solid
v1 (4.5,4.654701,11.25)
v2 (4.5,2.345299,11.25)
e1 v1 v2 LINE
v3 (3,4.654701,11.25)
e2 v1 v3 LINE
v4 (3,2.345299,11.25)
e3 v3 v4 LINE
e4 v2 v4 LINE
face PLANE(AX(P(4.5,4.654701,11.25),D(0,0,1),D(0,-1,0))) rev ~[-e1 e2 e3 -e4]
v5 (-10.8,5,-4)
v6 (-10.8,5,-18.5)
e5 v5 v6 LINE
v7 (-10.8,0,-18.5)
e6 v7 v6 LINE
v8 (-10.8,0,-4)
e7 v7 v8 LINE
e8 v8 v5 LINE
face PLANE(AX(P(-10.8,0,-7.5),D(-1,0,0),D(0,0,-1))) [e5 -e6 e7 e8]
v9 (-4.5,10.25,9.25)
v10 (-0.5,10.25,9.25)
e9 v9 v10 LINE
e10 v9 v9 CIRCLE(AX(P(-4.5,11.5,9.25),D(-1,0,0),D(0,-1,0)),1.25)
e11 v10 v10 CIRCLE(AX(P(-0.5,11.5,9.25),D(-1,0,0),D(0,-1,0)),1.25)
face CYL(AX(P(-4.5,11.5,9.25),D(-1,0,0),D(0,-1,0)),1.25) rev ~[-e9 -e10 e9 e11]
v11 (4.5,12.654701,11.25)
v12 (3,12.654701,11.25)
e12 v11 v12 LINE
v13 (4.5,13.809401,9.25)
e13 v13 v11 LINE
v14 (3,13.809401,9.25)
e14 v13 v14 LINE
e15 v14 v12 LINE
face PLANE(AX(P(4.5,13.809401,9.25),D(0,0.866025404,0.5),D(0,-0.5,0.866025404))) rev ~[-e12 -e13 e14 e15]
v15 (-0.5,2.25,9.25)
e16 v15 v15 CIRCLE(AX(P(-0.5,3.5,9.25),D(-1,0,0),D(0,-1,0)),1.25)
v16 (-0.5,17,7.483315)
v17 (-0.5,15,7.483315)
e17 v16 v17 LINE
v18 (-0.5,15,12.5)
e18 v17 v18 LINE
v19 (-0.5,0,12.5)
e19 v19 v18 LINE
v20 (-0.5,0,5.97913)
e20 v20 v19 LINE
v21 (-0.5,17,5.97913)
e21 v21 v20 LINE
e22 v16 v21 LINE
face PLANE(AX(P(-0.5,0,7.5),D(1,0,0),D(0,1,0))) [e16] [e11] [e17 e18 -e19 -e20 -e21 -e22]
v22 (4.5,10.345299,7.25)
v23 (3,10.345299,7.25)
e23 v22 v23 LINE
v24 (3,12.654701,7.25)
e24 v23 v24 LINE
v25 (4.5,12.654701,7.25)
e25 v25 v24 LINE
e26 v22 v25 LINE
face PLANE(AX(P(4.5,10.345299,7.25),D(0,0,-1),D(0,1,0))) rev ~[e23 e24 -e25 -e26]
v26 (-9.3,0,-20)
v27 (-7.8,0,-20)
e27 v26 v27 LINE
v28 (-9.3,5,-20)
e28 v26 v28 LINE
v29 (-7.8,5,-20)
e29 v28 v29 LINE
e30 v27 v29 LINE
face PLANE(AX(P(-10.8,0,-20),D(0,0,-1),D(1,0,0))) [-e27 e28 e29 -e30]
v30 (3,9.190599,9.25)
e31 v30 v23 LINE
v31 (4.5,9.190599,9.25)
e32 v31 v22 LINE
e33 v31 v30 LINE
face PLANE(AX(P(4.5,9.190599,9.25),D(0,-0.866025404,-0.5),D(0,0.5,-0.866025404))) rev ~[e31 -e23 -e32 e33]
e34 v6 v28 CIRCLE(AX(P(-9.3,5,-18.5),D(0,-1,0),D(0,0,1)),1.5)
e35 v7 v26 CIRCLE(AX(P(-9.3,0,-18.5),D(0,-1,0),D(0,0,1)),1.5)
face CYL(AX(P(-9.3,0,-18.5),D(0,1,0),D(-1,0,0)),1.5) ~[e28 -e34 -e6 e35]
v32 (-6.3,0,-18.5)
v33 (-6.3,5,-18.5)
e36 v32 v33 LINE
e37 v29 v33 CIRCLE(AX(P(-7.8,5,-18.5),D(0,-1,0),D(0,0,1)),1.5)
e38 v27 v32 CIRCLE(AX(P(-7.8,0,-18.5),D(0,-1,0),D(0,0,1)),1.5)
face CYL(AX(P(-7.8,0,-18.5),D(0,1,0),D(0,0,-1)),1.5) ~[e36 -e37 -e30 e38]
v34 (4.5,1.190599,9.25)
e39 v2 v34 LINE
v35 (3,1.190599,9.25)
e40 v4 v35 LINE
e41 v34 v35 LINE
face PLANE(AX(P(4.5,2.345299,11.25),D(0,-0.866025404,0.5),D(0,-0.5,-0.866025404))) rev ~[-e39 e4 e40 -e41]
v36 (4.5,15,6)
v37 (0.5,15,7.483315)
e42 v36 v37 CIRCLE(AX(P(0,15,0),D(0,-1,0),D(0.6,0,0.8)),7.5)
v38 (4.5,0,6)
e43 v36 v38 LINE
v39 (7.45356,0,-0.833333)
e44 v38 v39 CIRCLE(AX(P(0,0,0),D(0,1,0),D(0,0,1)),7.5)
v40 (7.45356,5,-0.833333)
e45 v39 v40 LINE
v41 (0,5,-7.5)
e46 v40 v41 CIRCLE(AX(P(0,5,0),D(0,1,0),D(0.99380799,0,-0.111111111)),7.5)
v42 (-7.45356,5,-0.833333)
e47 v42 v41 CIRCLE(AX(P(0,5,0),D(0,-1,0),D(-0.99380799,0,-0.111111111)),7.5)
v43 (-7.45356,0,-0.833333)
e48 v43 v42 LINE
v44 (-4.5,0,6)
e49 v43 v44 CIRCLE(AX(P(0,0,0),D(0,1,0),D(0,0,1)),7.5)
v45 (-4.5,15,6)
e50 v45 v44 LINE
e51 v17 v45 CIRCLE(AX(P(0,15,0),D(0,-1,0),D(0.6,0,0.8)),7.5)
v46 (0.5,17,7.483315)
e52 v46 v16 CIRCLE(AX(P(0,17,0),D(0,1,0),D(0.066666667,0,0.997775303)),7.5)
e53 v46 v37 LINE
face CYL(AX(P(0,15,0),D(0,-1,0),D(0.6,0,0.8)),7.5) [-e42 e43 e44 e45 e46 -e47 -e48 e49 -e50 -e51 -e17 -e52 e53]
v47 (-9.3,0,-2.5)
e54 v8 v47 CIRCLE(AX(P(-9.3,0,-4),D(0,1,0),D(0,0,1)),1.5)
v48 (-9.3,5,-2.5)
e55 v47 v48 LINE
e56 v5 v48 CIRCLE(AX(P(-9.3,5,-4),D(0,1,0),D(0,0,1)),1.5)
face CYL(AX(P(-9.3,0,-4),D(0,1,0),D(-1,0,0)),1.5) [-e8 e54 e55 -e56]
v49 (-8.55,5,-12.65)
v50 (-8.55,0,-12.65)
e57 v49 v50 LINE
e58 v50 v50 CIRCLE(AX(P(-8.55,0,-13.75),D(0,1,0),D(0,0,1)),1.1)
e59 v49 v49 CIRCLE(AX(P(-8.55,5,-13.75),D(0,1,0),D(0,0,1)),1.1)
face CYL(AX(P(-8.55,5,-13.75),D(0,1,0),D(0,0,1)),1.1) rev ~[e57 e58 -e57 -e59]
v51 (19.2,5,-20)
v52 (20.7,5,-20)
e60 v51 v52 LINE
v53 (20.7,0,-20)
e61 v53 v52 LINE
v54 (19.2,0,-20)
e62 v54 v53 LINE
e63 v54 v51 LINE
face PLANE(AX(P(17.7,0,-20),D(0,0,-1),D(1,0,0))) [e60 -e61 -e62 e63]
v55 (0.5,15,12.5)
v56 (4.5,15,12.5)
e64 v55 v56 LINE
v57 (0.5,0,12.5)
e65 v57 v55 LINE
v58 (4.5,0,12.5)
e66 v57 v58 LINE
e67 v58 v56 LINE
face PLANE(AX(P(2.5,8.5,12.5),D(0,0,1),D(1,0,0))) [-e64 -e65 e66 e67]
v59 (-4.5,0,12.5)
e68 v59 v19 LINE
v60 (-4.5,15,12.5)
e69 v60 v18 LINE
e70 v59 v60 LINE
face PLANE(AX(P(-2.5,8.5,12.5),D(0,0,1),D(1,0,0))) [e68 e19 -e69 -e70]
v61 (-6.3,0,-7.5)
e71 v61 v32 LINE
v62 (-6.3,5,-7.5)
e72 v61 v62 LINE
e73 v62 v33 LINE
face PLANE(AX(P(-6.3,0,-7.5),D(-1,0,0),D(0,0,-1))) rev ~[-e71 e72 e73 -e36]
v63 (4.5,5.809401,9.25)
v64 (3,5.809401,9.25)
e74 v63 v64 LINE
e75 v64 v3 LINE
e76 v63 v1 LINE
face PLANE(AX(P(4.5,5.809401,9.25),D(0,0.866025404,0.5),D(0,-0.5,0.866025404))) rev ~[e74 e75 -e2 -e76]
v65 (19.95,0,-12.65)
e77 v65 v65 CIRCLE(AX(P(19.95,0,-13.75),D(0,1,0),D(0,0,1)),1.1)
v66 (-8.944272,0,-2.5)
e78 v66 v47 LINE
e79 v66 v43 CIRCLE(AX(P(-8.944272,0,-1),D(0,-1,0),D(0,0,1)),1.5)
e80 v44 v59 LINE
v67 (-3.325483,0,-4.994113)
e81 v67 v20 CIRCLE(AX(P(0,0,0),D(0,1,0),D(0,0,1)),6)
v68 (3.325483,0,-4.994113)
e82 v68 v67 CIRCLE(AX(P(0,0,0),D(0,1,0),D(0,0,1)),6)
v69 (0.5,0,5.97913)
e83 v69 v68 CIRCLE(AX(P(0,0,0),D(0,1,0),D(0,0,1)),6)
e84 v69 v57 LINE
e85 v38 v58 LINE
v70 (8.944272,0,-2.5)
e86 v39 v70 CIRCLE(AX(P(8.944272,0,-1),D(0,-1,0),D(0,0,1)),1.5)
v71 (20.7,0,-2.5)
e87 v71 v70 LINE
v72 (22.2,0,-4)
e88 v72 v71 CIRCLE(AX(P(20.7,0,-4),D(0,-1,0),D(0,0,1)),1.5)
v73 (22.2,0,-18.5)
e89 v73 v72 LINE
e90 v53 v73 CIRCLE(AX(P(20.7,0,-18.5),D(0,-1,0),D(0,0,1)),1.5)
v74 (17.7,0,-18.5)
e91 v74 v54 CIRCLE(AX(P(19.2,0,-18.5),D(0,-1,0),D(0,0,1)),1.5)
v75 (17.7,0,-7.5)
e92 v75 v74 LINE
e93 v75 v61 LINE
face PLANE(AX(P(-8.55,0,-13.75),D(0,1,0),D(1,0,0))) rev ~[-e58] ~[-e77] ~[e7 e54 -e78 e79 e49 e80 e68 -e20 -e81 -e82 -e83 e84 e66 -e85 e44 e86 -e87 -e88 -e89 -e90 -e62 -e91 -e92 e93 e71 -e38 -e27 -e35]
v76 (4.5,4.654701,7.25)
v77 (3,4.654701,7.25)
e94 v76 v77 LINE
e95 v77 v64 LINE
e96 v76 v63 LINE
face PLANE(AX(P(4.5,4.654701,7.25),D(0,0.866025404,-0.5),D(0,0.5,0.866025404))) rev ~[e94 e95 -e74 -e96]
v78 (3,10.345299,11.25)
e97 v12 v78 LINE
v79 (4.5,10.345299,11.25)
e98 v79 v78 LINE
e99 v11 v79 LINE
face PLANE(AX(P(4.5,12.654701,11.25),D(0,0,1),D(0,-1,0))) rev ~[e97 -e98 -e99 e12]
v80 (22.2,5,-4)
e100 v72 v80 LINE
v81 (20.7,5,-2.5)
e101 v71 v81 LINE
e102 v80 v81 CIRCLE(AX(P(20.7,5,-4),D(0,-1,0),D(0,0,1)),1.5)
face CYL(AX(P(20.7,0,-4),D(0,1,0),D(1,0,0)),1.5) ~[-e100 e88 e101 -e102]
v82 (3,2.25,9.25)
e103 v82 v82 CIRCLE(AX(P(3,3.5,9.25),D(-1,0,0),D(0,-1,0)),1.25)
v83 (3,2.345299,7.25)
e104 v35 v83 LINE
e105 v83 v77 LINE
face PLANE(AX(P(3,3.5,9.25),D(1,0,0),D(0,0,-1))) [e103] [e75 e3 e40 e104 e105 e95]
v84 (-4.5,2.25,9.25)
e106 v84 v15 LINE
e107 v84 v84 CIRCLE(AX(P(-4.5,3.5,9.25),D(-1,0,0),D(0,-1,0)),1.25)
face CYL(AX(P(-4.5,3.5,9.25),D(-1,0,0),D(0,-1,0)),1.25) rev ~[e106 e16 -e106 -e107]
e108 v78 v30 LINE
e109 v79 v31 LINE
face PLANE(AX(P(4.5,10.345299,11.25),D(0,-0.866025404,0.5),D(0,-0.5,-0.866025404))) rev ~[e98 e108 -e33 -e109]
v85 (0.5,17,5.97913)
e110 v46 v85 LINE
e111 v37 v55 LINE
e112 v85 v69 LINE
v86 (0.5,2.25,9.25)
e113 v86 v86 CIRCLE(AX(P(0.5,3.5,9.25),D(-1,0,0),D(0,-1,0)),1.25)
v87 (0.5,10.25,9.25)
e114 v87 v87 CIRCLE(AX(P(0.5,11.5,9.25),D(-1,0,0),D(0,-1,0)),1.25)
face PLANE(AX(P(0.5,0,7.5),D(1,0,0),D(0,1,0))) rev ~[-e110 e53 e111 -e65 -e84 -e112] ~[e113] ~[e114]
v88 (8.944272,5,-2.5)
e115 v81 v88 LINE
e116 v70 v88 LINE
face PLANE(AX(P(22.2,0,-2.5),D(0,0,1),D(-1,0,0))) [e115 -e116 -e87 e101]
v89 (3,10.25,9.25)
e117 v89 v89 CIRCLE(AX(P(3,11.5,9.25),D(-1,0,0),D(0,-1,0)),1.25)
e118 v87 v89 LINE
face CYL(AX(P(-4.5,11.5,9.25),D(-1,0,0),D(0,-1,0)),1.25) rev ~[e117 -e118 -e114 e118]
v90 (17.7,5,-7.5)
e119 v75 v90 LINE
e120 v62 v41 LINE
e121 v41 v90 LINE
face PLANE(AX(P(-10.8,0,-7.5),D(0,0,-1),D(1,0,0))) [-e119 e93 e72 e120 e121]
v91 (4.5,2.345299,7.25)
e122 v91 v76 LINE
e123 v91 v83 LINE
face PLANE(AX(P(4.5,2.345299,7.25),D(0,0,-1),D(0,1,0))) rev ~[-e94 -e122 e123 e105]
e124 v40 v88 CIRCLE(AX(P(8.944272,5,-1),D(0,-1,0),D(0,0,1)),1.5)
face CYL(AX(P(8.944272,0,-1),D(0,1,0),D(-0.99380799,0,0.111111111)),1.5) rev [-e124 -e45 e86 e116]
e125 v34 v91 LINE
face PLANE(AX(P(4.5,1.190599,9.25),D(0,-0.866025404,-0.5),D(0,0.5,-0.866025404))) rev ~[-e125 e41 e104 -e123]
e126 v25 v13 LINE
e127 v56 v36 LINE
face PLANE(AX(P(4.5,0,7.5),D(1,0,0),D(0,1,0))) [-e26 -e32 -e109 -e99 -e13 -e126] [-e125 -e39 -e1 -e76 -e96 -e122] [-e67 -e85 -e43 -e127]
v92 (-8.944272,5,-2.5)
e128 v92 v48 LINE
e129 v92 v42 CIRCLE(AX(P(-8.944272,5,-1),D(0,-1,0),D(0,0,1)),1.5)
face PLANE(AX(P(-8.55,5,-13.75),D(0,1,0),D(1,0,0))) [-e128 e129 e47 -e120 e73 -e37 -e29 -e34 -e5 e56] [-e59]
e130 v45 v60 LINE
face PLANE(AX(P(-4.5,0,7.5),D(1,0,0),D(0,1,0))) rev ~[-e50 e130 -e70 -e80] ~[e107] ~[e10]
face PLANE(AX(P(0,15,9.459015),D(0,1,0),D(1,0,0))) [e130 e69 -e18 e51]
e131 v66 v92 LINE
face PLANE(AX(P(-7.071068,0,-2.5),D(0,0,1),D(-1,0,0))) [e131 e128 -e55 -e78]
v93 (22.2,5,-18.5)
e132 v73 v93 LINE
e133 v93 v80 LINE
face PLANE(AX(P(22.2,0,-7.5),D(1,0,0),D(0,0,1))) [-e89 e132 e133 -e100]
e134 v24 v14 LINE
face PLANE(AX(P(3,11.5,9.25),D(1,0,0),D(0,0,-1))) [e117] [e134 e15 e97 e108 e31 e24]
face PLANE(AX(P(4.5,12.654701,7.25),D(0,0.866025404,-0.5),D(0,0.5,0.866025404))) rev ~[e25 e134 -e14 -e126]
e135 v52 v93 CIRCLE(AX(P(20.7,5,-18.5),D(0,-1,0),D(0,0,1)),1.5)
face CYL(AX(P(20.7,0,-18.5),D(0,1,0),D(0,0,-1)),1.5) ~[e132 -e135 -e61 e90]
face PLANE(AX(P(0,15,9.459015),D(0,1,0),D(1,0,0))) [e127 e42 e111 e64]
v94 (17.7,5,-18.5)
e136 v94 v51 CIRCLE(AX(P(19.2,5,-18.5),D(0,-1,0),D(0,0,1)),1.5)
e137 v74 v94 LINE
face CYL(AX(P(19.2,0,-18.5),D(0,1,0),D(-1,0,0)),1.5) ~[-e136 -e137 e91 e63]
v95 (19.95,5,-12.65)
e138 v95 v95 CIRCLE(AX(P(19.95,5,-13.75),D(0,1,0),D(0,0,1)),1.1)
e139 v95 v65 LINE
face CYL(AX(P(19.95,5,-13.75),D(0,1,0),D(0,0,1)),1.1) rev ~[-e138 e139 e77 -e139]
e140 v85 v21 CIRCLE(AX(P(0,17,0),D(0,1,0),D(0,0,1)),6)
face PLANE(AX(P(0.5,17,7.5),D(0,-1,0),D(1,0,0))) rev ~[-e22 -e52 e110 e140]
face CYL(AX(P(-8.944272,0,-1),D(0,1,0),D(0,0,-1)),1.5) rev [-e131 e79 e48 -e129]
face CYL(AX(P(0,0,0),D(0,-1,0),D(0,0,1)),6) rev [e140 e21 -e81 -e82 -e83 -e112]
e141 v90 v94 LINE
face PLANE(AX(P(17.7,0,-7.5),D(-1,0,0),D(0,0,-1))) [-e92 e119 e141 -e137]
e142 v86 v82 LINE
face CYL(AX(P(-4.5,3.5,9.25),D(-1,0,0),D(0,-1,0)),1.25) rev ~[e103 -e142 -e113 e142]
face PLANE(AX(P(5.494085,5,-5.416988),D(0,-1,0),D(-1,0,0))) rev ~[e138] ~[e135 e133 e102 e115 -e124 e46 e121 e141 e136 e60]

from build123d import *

# Parameters (mm, degrees)
SKETCH_1_R                  = 7.5
SKETCH_1_R_2                = 6
EXTRUDE_1_DEPTH             = 17
CUT_EXTRUDE_1_REACH         = 25.88
CUT_EXTRUDE_1_END_RADIUS    = 6
SKETCH_2_W                  = 1
SKETCH_2_H                  = 17
SKETCH_3_W                  = 4
SKETCH_3_H                  = 17
EXTRUDE_2_DEPTH             = 5
EXTRUDE_2_DIRECTION_2_REACH = 25.88
CUT_EXTRUDE_START           = -2
CUT_EXTRUDE_4_DEPTH         = 2
CUT_EXTRUDE_2_REACH         = 26.274
SKETCH_4_R                  = 1.25
CUT_EXTRUDE_3_DEPTH         = 1.5
EXTRUDE_6_DEPTH             = 5
SKETCH_13_W                 = 4.5
SKETCH_13_H                 = 12.5
EXTRUDE_7_DEPTH             = 5
CUT_EXTRUDE_5_REACH         = 34.2
SKETCH_11_R                 = 1.1
FILLET_1_R                  = 1.5


with BuildPart() as part:
    # 草图1 → 凸台-拉伸1 (new body)
    with BuildSketch(Plane(origin=(0, 0, 0), x_dir=(1, 0, 0), z_dir=(0, 1, 0))):
        with Locations(Location((0, 0, 0), (0, 0, 270))):
            Circle(SKETCH_1_R)
        with Locations(Location((0, 0, 0), (0, 0, 270))):
            Circle(SKETCH_1_R_2, mode=Mode.SUBTRACT)
    extrude(amount=EXTRUDE_1_DEPTH)

    # 切除-拉伸1: up to this cylinder (the profile starts outside it)
    cut_extrude_1_end = Plane(origin=(0, 8.5, 0), z_dir=(0, -1, 0)) * Cylinder(CUT_EXTRUDE_1_END_RADIUS, 64.76, mode=Mode.PRIVATE)
    # 草图2 → 切除-拉伸1 (cut, up to the surface)
    with BuildSketch(Plane.XY.offset(7.5), mode=Mode.PRIVATE) as cut_extrude_1_sk1:
        with Locations((0, 8.5)):
            Rectangle(SKETCH_2_W, SKETCH_2_H)
    cut_extrude_1_tool1 = extrude(cut_extrude_1_sk1.sketch, amount=-CUT_EXTRUDE_1_REACH, mode=Mode.PRIVATE) - cut_extrude_1_end
    add(cut_extrude_1_tool1.solids().sort_by_distance((0, 8.5, 7.5))[0], mode=Mode.SUBTRACT)

    # 草图3 → 凸台-拉伸2 (add)
    with BuildSketch(Plane.XY.offset(7.5)):
        with Locations((-2.5, 8.5)):
            Rectangle(SKETCH_3_W, SKETCH_3_H)
        with Locations((2.5, 8.5)):
            Rectangle(SKETCH_3_W, SKETCH_3_H)
    extrude(amount=EXTRUDE_2_DEPTH)

    # 草图3 → 凸台-拉伸2 direction 2 (add, up to next)
    with BuildSketch(Plane.XY.offset(7.5), mode=Mode.PRIVATE) as extrude_2_direction_2_sk1:
        with Locations((-2.5, 8.5)):
            Rectangle(SKETCH_3_W, SKETCH_3_H)
    extrude_2_direction_2_tool1 = extrude(extrude_2_direction_2_sk1.sketch, amount=-EXTRUDE_2_DIRECTION_2_REACH, mode=Mode.PRIVATE) - part.part
    # 草图3 → 凸台-拉伸2 direction 2 (add, up to next)
    with BuildSketch(Plane.XY.offset(7.5), mode=Mode.PRIVATE) as extrude_2_direction_2_sk2:
        with Locations((2.5, 8.5)):
            Rectangle(SKETCH_3_W, SKETCH_3_H)
    extrude_2_direction_2_tool2 = extrude(extrude_2_direction_2_sk2.sketch, amount=-EXTRUDE_2_DIRECTION_2_REACH, mode=Mode.PRIVATE) - part.part
    add(extrude_2_direction_2_tool1.solids().sort_by_distance((-2.5, 8.5, 7.5))[0])
    add(extrude_2_direction_2_tool2.solids().sort_by_distance((2.5, 8.5, 7.5))[0])

    # 草图7 → 切除-拉伸4 (cut)
    with BuildSketch(Plane(origin=(0, 17, 0), x_dir=(1, 0, 0), z_dir=(0, 1, 0)).offset(CUT_EXTRUDE_START)):
        with BuildLine():
            Line((-4.5, -6), (-4.5, -12.5))
            Line((-4.5, -12.5), (4.5, -12.5))
            Line((4.5, -12.5), (4.5, -6))
            ThreePointArc((4.5, -6), (0, -7.5), (-4.5, -6))
        make_face()
    extrude(amount=CUT_EXTRUDE_4_DEPTH, mode=Mode.SUBTRACT)

    # 切除-拉伸2: up to this face of the body (flat: up to its plane)
    cut_extrude_2_end = Plane(part.part.faces().sort_by_distance((4.5, 7.5, 9.25))[0])
    # 草图4 → 切除-拉伸2 (cut, up to the picked face)
    with BuildSketch(Plane.ZY.offset(4.5), mode=Mode.PRIVATE) as cut_extrude_2_sk1:
        with Locations(Location((9.25, 11.5, 0), (0, 0, 270))):
            Circle(SKETCH_4_R)
    cut_extrude_2_tool1 = split(extrude(cut_extrude_2_sk1.sketch, amount=-CUT_EXTRUDE_2_REACH, mode=Mode.PRIVATE), bisect_by=cut_extrude_2_end, keep=Keep.BOTH, mode=Mode.PRIVATE)
    # 草图4 → 切除-拉伸2 (cut, up to the picked face)
    with BuildSketch(Plane.ZY.offset(4.5), mode=Mode.PRIVATE) as cut_extrude_2_sk2:
        with Locations(Location((9.25, 3.5, 0), (0, 0, 270))):
            Circle(SKETCH_4_R)
    cut_extrude_2_tool2 = split(extrude(cut_extrude_2_sk2.sketch, amount=-CUT_EXTRUDE_2_REACH, mode=Mode.PRIVATE), bisect_by=cut_extrude_2_end, keep=Keep.BOTH, mode=Mode.PRIVATE)
    add(cut_extrude_2_tool1.solids().sort_by(Axis((-4.5, 11.5, 9.25), (1, 0, 0)))[0], mode=Mode.SUBTRACT)
    add(cut_extrude_2_tool2.solids().sort_by(Axis((-4.5, 3.5, 9.25), (1, 0, 0)))[0], mode=Mode.SUBTRACT)

    # 草图5 → 切除-拉伸3 (cut)
    with BuildSketch(Plane(origin=(4.5, 0, 0), x_dir=(0, 0, -1), z_dir=(1, 0, 0))):
        Polygon((-9.25, 9.190598923), (-7.25, 10.345299462), (-7.25, 12.654700538), (-9.25, 13.809401077), (-11.25, 12.654700538), (-11.25, 10.345299462), align=None)
        Polygon((-9.25, 1.190598923), (-7.25, 2.345299462), (-7.25, 4.654700538), (-9.25, 5.809401077), (-11.25, 4.654700538), (-11.25, 2.345299462), align=None)
    extrude(amount=-CUT_EXTRUDE_3_DEPTH, mode=Mode.SUBTRACT)

    # 草图12 → 凸台-拉伸6 (add)
    with BuildSketch(Plane(origin=(0, 0, 0), x_dir=(1, 0, 0), z_dir=(0, 1, 0))):
        Polygon((-10.8, 7.5), (22.2, 7.5), (22.2, 2.5), (7.071067812, 2.5), (0, 7.208487923), (-7.071067812, 2.5), (-10.8, 2.5), align=None)
    extrude(amount=EXTRUDE_6_DEPTH)

    # 草图13 → 凸台-拉伸7 (add)
    with BuildSketch(Plane(origin=(0, 0, 0), x_dir=(1, 0, 0), z_dir=(0, 1, 0))):
        with Locations((-8.55, 13.75)):
            Rectangle(SKETCH_13_W, SKETCH_13_H)
        with Locations((19.95, 13.75)):
            Rectangle(SKETCH_13_W, SKETCH_13_H)
    extrude(amount=EXTRUDE_7_DEPTH)

    # 草图11 → 切除-拉伸5 (cut, up to next)
    with BuildSketch(Plane(origin=(0, 5, 0), x_dir=(1, 0, 0), z_dir=(0, 1, 0)), mode=Mode.PRIVATE) as cut_extrude_5_sk1:
        with Locations(Location((-8.55, 13.75, 0), (0, 0, 270))):
            Circle(SKETCH_11_R)
    cut_extrude_5_tool1 = extrude(cut_extrude_5_sk1.sketch, amount=-CUT_EXTRUDE_5_REACH, mode=Mode.PRIVATE) & part.part
    # 草图11 → 切除-拉伸5 (cut, up to next)
    with BuildSketch(Plane(origin=(0, 5, 0), x_dir=(1, 0, 0), z_dir=(0, 1, 0)), mode=Mode.PRIVATE) as cut_extrude_5_sk2:
        with Locations(Location((19.95, 13.75, 0), (0, 0, 270))):
            Circle(SKETCH_11_R)
    cut_extrude_5_tool2 = extrude(cut_extrude_5_sk2.sketch, amount=-CUT_EXTRUDE_5_REACH, mode=Mode.PRIVATE) & part.part
    add(cut_extrude_5_tool1.solids().sort_by_distance((-8.55, 5, -13.75))[0], mode=Mode.SUBTRACT)
    add(cut_extrude_5_tool2.solids().sort_by_distance((19.95, 5, -13.75))[0], mode=Mode.SUBTRACT)

    # 圆角1
    fillet_1_edges = [part.edges().sort_by_distance(p)[0] for p in [
        (-10.8, 2.5, -2.5),
        (-7.071067812, 2.5, -2.5),
        (7.071067812, 2.5, -2.5),
        (22.2, 2.5, -2.5),
        (-10.8, 2.5, -20),
        (-6.3, 2.5, -20),
        (22.2, 2.5, -20),
        (17.7, 2.5, -20),
    ]]
    fillet(fillet_1_edges, radius=FILLET_1_R)


solid = part.part
